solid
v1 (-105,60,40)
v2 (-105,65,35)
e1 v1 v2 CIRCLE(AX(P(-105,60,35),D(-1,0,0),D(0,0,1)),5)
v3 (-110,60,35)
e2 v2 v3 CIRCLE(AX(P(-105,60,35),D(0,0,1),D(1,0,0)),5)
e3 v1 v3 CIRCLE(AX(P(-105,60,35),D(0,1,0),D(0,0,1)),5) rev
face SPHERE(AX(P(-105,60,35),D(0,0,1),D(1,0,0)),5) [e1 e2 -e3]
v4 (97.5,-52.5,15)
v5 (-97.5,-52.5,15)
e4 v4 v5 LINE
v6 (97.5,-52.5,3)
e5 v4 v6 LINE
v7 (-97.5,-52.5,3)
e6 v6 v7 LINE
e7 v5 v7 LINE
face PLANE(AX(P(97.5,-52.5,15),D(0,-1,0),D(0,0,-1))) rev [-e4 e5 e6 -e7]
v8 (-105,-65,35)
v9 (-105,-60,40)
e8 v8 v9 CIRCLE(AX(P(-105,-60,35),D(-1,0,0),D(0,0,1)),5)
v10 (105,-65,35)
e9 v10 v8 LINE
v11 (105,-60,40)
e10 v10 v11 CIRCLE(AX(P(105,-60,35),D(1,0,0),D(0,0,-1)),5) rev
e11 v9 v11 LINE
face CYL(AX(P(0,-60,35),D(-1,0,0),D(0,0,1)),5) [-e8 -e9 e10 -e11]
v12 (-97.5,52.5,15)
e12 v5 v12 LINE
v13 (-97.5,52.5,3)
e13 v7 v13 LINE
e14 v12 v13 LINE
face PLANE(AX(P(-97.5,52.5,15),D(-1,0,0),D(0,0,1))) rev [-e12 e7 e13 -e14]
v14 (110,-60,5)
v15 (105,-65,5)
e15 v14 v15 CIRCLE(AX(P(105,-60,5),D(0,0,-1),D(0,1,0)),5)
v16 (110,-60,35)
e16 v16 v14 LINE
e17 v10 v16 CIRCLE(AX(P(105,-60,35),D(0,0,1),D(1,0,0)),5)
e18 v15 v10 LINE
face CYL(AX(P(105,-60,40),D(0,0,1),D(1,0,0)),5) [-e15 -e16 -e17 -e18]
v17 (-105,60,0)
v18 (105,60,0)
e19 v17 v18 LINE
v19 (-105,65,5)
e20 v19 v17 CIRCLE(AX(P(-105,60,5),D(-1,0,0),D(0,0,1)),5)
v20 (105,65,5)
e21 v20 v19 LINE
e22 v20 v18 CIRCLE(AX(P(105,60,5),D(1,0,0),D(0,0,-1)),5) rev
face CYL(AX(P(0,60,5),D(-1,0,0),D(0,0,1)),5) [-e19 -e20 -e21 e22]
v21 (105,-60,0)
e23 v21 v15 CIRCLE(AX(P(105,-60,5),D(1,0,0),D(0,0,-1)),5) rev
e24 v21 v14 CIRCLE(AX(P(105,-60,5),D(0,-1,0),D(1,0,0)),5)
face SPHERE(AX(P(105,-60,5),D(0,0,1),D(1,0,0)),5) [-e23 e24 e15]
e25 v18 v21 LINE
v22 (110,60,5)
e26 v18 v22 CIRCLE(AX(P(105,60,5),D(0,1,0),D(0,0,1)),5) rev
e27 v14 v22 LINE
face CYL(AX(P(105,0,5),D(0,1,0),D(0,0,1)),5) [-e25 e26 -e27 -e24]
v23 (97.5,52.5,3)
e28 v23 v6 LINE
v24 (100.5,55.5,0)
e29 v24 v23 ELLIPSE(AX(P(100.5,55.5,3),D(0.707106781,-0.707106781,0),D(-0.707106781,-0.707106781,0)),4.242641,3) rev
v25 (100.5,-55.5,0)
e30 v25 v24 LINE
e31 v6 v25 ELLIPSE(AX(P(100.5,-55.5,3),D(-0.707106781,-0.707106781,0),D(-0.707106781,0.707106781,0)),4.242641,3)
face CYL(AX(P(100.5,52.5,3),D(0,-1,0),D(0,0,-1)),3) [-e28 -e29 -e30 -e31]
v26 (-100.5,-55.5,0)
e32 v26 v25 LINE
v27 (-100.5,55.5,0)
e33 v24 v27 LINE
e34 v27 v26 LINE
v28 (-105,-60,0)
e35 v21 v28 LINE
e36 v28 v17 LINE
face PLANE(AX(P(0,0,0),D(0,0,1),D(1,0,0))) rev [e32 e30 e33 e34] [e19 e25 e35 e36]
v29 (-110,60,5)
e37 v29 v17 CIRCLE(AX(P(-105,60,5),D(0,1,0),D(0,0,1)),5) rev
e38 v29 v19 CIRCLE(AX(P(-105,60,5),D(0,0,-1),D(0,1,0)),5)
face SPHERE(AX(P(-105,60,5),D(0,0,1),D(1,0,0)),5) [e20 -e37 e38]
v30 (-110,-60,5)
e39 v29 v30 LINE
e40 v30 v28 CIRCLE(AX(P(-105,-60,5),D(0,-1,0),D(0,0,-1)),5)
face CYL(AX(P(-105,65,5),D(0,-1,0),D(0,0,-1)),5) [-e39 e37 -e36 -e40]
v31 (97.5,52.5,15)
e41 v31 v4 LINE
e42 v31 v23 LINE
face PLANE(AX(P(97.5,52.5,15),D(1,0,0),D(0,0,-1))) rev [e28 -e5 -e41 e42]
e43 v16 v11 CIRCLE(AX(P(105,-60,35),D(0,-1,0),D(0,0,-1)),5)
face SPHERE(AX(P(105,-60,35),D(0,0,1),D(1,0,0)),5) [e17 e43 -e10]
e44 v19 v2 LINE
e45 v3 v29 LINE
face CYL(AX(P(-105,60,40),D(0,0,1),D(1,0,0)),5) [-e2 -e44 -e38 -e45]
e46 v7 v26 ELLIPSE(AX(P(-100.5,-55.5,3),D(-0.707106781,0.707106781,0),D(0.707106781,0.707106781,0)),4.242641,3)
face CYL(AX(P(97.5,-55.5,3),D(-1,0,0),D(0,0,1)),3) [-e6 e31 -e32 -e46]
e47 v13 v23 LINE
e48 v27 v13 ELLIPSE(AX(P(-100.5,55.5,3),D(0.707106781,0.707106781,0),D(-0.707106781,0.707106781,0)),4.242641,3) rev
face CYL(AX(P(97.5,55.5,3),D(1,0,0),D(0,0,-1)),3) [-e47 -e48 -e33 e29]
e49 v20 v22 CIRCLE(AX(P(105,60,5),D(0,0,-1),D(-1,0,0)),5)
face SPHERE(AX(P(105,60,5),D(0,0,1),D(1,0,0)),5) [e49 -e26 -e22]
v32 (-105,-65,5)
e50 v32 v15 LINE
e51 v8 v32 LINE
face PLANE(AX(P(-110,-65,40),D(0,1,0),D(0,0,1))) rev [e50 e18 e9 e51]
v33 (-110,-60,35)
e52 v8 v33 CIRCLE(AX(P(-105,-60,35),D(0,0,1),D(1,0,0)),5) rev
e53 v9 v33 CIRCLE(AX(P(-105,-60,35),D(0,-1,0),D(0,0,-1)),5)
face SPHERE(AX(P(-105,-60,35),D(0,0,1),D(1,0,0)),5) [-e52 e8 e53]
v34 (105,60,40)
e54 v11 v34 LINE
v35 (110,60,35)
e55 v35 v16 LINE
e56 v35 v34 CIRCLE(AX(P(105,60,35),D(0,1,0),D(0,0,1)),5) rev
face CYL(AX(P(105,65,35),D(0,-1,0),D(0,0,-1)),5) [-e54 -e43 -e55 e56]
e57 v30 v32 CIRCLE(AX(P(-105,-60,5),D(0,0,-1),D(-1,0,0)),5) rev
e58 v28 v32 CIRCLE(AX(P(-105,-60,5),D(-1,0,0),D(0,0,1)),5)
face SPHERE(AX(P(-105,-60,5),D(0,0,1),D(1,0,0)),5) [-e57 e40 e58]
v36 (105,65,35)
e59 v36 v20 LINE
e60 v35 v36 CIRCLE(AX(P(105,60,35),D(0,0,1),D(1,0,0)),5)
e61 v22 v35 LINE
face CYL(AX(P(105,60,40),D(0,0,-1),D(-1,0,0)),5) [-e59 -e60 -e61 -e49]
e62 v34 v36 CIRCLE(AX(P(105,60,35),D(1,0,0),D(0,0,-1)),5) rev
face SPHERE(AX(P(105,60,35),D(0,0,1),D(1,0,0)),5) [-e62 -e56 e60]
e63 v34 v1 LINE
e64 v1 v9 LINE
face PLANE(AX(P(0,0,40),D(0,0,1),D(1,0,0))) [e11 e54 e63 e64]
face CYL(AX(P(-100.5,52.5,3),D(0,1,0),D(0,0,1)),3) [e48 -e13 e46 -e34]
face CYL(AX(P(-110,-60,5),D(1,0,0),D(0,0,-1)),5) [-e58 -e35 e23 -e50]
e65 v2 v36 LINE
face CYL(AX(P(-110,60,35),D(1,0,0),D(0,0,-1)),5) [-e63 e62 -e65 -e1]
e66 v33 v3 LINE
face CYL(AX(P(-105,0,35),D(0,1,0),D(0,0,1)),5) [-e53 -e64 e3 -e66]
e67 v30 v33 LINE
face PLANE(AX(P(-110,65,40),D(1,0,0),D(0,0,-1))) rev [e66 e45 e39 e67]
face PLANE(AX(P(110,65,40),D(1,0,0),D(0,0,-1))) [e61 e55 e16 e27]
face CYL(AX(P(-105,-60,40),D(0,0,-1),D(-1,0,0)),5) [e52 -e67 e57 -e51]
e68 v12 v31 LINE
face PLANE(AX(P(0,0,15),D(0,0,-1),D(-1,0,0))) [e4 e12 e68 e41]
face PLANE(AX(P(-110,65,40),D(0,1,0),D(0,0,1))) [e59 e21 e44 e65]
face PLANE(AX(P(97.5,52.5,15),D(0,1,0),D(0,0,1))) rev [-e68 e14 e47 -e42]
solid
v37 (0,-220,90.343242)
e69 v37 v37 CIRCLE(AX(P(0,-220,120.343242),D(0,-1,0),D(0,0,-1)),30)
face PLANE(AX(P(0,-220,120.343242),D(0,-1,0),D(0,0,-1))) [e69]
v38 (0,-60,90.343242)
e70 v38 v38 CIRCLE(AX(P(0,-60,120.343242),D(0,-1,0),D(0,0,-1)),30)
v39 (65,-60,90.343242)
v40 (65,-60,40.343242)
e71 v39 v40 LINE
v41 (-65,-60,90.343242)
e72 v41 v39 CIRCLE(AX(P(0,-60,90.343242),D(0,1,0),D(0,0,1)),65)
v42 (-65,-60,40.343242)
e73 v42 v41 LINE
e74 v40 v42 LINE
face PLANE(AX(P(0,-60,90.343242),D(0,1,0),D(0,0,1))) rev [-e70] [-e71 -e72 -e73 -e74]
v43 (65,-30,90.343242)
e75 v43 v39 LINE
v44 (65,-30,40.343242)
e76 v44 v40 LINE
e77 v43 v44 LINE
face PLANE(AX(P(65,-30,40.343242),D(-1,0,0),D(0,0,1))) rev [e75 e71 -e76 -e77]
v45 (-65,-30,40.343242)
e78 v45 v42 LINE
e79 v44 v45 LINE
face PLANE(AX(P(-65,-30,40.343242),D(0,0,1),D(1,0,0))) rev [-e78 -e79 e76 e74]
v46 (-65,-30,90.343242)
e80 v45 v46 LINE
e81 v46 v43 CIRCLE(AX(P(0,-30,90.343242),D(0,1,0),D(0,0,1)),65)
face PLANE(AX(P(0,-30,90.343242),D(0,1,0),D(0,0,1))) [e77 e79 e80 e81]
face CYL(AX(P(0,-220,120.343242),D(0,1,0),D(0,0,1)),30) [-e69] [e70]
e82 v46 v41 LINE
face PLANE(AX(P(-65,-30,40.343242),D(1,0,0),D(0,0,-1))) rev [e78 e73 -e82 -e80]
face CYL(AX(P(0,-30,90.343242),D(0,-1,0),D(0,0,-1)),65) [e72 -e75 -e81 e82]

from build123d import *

# Parameters (mm, degrees)
SKETCH1_W           = 220
SKETCH1_H           = 130
BOSS_EXTRUDE1_DEPTH = 40
FILLET1_R           = 5
SKETCH2_W           = 195
SKETCH2_H           = 105
CUT_EXTRUDE1_DEPTH  = 15
FILLET2_R           = 3
BOSS_EXTRUDE3_DEPTH = 30
SKETCH7_R           = 30
BOSS_EXTRUDE5_DEPTH = 160


with BuildPart() as part:
    # Sketch1 → Boss-Extrude1 (new body)
    with BuildSketch(Plane.XY):
        Rectangle(SKETCH1_W, SKETCH1_H)
    extrude(amount=BOSS_EXTRUDE1_DEPTH)

    # Fillet1
    fillet1_edges = [part.edges().sort_by_distance(p)[0] for p in [
        (110, 0, 40),
        (0, 65, 40),
        (-110, 0, 40),
        (0, 65, 0),
        (110, 0, 0),
        (0, -65, 0),
        (-110, 0, 0),
        (0, -65, 40),
        (-110, 65, 20),
        (110, 65, 20),
        (110, -65, 20),
        (-110, -65, 20),
    ]]
    fillet(fillet1_edges, radius=FILLET1_R)

    # Sketch2 → Cut-Extrude1 (cut)
    with BuildSketch(Plane(origin=(0, 0, 0), x_dir=(-1, 0, 0), z_dir=(0, 0, -1))):
        Rectangle(SKETCH2_W, SKETCH2_H)
    extrude(amount=-CUT_EXTRUDE1_DEPTH, mode=Mode.SUBTRACT)

    # Fillet2
    fillet2_edges = [part.edges().sort_by_distance(p)[0] for p in [
        (-97.5, 0, 0),
        (0, 52.5, 0),
        (97.5, 0, 0),
        (0, -52.5, 0),
    ]]
    fillet(fillet2_edges, radius=FILLET2_R)


with BuildPart() as body_2:
    # Sketch4 → Boss-Extrude3 (new body)
    with BuildSketch(Plane(origin=(0, -60, 0), x_dir=(1, 0, 0), z_dir=(0, 1, 0))):
        with BuildLine():
            Line((-65, -40.343241832), (65, -40.343241832))
            Line((65, -40.343241832), (65, -90.343241832))
            ThreePointArc((65, -90.343241832), (0, -155.343241832), (-65, -90.343241832))
            Line((-65, -90.343241832), (-65, -40.343241832))
        make_face()
    extrude(amount=BOSS_EXTRUDE3_DEPTH)

    # Sketch7 → Boss-Extrude5 (add)
    with BuildSketch(Plane.XZ.offset(60)):
        with Locations(Location((0, 120.343241832, 0), (0, 0, 270))):
            Circle(SKETCH7_R)
    extrude(amount=BOSS_EXTRUDE5_DEPTH)


solid = Compound([part.part, body_2.part])
